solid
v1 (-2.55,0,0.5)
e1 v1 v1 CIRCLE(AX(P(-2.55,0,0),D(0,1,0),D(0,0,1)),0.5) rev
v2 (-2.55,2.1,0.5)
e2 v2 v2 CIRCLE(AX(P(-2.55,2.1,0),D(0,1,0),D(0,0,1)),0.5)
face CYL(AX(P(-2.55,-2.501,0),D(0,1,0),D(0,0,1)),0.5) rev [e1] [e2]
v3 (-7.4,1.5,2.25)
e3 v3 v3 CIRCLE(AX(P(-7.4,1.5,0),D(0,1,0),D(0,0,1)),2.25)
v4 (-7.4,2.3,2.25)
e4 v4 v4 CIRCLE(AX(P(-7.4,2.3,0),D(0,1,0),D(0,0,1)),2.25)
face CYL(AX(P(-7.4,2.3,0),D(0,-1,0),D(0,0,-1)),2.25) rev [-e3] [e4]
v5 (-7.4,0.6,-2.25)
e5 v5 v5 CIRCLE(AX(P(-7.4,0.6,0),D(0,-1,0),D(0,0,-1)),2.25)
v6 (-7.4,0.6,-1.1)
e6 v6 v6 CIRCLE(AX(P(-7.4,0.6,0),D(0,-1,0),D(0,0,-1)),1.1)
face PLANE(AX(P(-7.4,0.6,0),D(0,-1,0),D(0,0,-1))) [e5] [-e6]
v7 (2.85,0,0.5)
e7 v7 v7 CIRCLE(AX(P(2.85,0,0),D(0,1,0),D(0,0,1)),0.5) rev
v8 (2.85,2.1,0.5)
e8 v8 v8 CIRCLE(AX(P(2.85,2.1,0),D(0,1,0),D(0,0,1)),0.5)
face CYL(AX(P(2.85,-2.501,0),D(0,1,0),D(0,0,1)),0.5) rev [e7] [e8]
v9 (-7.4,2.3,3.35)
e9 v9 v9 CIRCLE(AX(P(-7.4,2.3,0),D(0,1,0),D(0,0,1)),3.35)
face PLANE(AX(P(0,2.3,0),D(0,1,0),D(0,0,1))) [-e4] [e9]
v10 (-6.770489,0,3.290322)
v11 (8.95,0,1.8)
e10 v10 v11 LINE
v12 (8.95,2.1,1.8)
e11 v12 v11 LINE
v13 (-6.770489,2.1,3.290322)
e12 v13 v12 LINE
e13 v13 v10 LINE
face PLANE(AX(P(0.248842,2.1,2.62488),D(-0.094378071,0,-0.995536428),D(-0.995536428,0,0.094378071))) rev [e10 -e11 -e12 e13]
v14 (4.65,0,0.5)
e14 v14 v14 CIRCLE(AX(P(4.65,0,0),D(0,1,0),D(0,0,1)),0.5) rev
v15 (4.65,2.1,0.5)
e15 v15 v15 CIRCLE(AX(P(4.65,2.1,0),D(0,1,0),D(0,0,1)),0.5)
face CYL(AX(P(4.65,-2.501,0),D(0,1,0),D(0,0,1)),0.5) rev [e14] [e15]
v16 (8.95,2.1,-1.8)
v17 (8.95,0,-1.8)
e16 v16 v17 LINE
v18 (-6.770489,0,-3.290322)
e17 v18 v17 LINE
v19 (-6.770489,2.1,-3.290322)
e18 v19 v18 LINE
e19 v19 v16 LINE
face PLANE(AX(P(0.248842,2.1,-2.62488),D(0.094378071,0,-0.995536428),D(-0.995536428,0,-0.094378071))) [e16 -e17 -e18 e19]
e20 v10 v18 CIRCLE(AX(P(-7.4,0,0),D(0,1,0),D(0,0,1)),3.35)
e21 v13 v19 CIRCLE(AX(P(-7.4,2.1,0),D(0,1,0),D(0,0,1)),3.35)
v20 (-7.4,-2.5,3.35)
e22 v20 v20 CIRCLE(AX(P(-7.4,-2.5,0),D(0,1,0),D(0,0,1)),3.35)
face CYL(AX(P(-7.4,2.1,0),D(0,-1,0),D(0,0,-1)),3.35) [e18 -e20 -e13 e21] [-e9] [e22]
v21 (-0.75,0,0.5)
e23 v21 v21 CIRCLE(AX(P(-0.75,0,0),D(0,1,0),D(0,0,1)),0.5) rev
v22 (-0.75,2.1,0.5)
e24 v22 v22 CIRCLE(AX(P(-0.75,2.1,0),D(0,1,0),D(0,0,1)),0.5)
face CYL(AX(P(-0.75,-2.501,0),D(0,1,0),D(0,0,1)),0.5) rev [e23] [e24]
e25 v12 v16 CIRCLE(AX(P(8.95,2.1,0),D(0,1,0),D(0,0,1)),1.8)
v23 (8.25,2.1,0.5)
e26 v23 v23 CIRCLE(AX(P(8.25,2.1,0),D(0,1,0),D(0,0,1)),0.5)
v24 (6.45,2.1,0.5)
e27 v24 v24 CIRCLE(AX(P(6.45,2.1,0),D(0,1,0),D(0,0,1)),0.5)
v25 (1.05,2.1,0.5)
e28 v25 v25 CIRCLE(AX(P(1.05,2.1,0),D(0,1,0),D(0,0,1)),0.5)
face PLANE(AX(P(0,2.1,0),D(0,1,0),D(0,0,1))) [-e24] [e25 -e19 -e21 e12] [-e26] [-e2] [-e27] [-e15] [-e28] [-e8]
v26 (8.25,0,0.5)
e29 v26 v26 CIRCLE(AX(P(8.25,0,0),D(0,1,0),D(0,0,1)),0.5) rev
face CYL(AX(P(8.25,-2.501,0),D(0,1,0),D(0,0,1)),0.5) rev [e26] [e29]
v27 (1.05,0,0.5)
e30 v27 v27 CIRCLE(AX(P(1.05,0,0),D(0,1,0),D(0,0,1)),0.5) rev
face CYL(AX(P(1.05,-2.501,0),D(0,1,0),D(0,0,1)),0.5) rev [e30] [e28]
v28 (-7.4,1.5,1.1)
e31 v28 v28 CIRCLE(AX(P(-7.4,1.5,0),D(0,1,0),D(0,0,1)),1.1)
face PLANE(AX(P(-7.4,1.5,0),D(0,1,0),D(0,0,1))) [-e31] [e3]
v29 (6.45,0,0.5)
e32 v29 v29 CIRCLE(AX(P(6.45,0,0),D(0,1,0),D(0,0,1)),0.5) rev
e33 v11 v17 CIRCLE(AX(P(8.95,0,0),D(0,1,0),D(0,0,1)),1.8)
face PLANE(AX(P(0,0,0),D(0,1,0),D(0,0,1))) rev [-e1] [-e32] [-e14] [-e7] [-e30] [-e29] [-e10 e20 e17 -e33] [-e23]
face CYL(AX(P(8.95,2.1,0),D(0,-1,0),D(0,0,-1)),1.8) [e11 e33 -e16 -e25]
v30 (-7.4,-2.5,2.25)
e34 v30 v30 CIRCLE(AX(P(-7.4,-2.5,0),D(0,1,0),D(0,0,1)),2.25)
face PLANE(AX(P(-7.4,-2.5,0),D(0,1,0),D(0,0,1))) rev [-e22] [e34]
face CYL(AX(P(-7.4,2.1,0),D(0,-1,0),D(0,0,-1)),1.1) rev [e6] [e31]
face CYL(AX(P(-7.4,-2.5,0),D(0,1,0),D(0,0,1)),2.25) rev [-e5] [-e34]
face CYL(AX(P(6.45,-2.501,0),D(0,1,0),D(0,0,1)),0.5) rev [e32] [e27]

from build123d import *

# Parameters (mm, degrees)
BOSS_EXTRU_1_DEPTH      = 2.1
ESQUISSE2_R             = 2.2499999999999973
BOSS_EXTRU_2_DEPTH      = 0.2
ENL_V_START             = -0.8
ESQUISSE4_R             = 2.2499999999999973
ENL_V_MAT_EXTRU_1_DEPTH = 0.8
BOSS_EXTRU_3_START      = 2.5
ESQUISSE5_R             = 3.349999999999999
ESQUISSE5_R_2           = 2.2499999999999973
BOSS_EXTRU_3_DEPTH      = 4.8
ESQUISSE6_R             = 2.2499999999999973
ESQUISSE6_R_2           = 1.1
ENL_V_MAT_EXTRU_2_DEPTH = 3.1
ENL_V_MAT_EXTRU_3_REACH = 14.163
ESQUISSE7_R             = 0.4999999999999999
ESQUISSE7_R_2           = 0.5000000000000001
ESQUISSE7_R_3           = 0.5000000000000003
ESQUISSE7_R_4           = 0.49999999999999895


with BuildPart() as part:
    # Esquisse1 → Boss.-Extru.1 (new body)
    with BuildSketch(Plane(origin=(0, 0, 0), x_dir=(1, 0, 0), z_dir=(0, 1, 0))):
        with BuildLine():
            Line((-6.770489387338948, 3.2903216238761672), (-7.3999999999999995, 3.349999999999998))
            ThreePointArc((-7.3999999999999995, 3.349999999999998), (-9.76880771697493, 2.368807716974932), (-10.749999999999995, 1.67e-15))
            Line((-10.75, 1.97e-15), (-8.499999999999998, 1.97e-15))
            ThreePointArc((-8.499999999999998, 2.11e-15), (-7.399999999999999, 1.100000000000002), (-6.299999999999999, 1.97e-15))
            Line((-6.299999999999999, 1.97e-15), (10.75, 1.97e-15))
            ThreePointArc((10.75, 2.03e-15), (10.222792206135784, 1.2727922061357861), (8.95, 1.8000000000000005))
            Line((8.95, 1.8000000000000007), (-6.770489387338948, 3.2903216238761672))
        make_face()
        with BuildLine():
            Line((-8.499999999999998, 1.97e-15), (-10.75, 1.97e-15))
            ThreePointArc((-10.749999999999995, 1.67e-15), (-9.76880771697493, -2.3688077169749304), (-7.3999999999999995, -3.349999999999998))
            Line((-7.3999999999999995, -3.349999999999998), (-6.770489387338948, -3.2903216238761672))
            Line((-6.770489387338948, -3.2903216238761672), (8.95, -1.799999999999998))
            ThreePointArc((8.949999999999998, -1.7999999999999992), (10.222792206135784, -1.272792206135785), (10.75, 2.03e-15))
            Line((10.75, 1.97e-15), (-6.299999999999999, 1.97e-15))
            ThreePointArc((-6.299999999999999, 1.71e-15), (-7.399999999999999, -1.099999999999998), (-8.499999999999998, 2.11e-15))
        make_face()
    extrude(amount=BOSS_EXTRU_1_DEPTH)

    # Esquisse2 → Boss.-Extru.2 (add)
    # profile 1 of 3: a face of its own
    with BuildSketch(Plane(origin=(0, 2.1, 0), x_dir=(1, 0, 0), z_dir=(0, 1, 0))):
        with BuildLine():
            Line((-6.770489387338715, 3.290321623876145), (-7.399999999999999, 3.3499999999999974))
            ThreePointArc((-7.3999999999999995, 3.3499999999999974), (-10.749999999999995, 1.8e-16), (-7.4, -3.3499999999999983))
            Line((-7.3999999999999995, -3.349999999999998), (-6.770489387338895, -3.2903216238761623))
            ThreePointArc((-6.770489387338895, -3.290321623876155), (-4.8182021232855305, -2.1346708701325934), (-4.050000000000001, 1.15e-15))
            ThreePointArc((-4.050000000000001, 1.97e-15), (-4.818202123285472, 2.1346708701325254), (-6.770489387338716, 3.290321623876124))
        make_face()
        with Locations(Location((-7.399999999999999, 1.97e-15, 0), (0, 0, 270))):
            Circle(ESQUISSE2_R, mode=Mode.SUBTRACT)
    # profile 2 of 3: a face of its own
    with BuildSketch(Plane(origin=(0, 2.1, 0), x_dir=(1, 0, 0), z_dir=(0, 1, 0))):
        with BuildLine():
            ThreePointArc((-6.770489387338715, 3.290321623876124), (-7.083833461594222, 3.3350470341499694), (-7.3999999999999995, 3.3499999999999996))
            Line((-7.399999999999999, 3.3499999999999974), (-6.770489387338715, 3.290321623876145))
        make_face()
    # profile 3 of 3: a face of its own
    with BuildSketch(Plane(origin=(0, 2.1, 0), x_dir=(1, 0, 0), z_dir=(0, 1, 0))):
        with BuildLine():
            Line((-6.770489387338895, -3.2903216238761623), (-7.3999999999999995, -3.349999999999998))
            ThreePointArc((-7.3999999999999995, -3.349999999999996), (-7.0838334615943115, -3.3350470341499743), (-6.770489387338895, -3.290321623876155))
        make_face()
    extrude(amount=BOSS_EXTRU_2_DEPTH)

    # Esquisse4 → Enlèv. mat.-Extru.1 (cut)
    with BuildSketch(Plane(origin=(0, 2.3000000000000003, 0), x_dir=(1, 0, 0), z_dir=(0, 1, 0)).offset(ENL_V_START)):
        with Locations(Location((-7.399999999999999, 1.97e-15, 0), (0, 0, 270))):
            Circle(ESQUISSE4_R)
    extrude(amount=ENL_V_MAT_EXTRU_1_DEPTH, mode=Mode.SUBTRACT)

    # Esquisse5 → Boss.-Extru.3 (add)
    with BuildSketch(Plane.XZ.offset(BOSS_EXTRU_3_START)):
        with Locations(Location((-7.399999999999999, -1.97e-15, 0), (0, 0, 90))):
            Circle(ESQUISSE5_R)
        with Locations(Location((-7.399999999999999, -1.97e-15, 0), (0, 0, 90))):
            Circle(ESQUISSE5_R_2, mode=Mode.SUBTRACT)
    extrude(amount=-BOSS_EXTRU_3_DEPTH)

    # Esquisse6 → Enlèv. mat.-Extru.2 (cut)
    with BuildSketch(Plane.XZ.offset(2.499999999999999)):
        with Locations(Location((-7.399999999999999, -1.97e-15, 0), (0, 0, 90))):
            Circle(ESQUISSE6_R)
        with Locations(Location((-7.399999999999999, -1.97e-15, 0), (0, 0, 270))):
            Circle(ESQUISSE6_R_2, mode=Mode.SUBTRACT)
    extrude(amount=-ENL_V_MAT_EXTRU_2_DEPTH, mode=Mode.SUBTRACT)

    # Esquisse7 → Enlèv. mat.-Extru.3 (cut, up to next)
    with BuildSketch(Plane(origin=(0, 2.1, 0), x_dir=(1, 0, 0), z_dir=(0, 1, 0)), mode=Mode.PRIVATE) as enl_v_mat_extru_3_sk1:
        with Locations(Location((-2.55, -3e-17, 0), (0, 0, 270))):
            Circle(ESQUISSE7_R)
    enl_v_mat_extru_3_tool1 = extrude(enl_v_mat_extru_3_sk1.sketch, amount=-ENL_V_MAT_EXTRU_3_REACH, mode=Mode.PRIVATE) & part.part
    # Esquisse7 → Enlèv. mat.-Extru.3 (cut, up to next)
    with BuildSketch(Plane(origin=(0, 2.1, 0), x_dir=(1, 0, 0), z_dir=(0, 1, 0)), mode=Mode.PRIVATE) as enl_v_mat_extru_3_sk2:
        with Locations(Location((-0.7500000000000002, -1e-17, 0), (0, 0, 270))):
            Circle(ESQUISSE7_R_2)
    enl_v_mat_extru_3_tool2 = extrude(enl_v_mat_extru_3_sk2.sketch, amount=-ENL_V_MAT_EXTRU_3_REACH, mode=Mode.PRIVATE) & part.part
    # Esquisse7 → Enlèv. mat.-Extru.3 (cut, up to next)
    with BuildSketch(Plane(origin=(0, 2.1, 0), x_dir=(1, 0, 0), z_dir=(0, 1, 0)), mode=Mode.PRIVATE) as enl_v_mat_extru_3_sk3:
        with Locations(Location((1.0499999999999994, 1e-17, 0), (0, 0, 270))):
            Circle(ESQUISSE7_R_3)
    enl_v_mat_extru_3_tool3 = extrude(enl_v_mat_extru_3_sk3.sketch, amount=-ENL_V_MAT_EXTRU_3_REACH, mode=Mode.PRIVATE) & part.part
    # Esquisse7 → Enlèv. mat.-Extru.3 (cut, up to next)
    with BuildSketch(Plane(origin=(0, 2.1, 0), x_dir=(1, 0, 0), z_dir=(0, 1, 0)), mode=Mode.PRIVATE) as enl_v_mat_extru_3_sk4:
        with Locations(Location((2.8499999999999988, 2e-17, 0), (0, 0, 270))):
            Circle(ESQUISSE7_R_3)
    enl_v_mat_extru_3_tool4 = extrude(enl_v_mat_extru_3_sk4.sketch, amount=-ENL_V_MAT_EXTRU_3_REACH, mode=Mode.PRIVATE) & part.part
    # Esquisse7 → Enlèv. mat.-Extru.3 (cut, up to next)
    with BuildSketch(Plane(origin=(0, 2.1, 0), x_dir=(1, 0, 0), z_dir=(0, 1, 0)), mode=Mode.PRIVATE) as enl_v_mat_extru_3_sk5:
        with Locations(Location((4.649999999999998, 4e-17, 0), (0, 0, 270))):
            Circle(ESQUISSE7_R)
    enl_v_mat_extru_3_tool5 = extrude(enl_v_mat_extru_3_sk5.sketch, amount=-ENL_V_MAT_EXTRU_3_REACH, mode=Mode.PRIVATE) & part.part
    # Esquisse7 → Enlèv. mat.-Extru.3 (cut, up to next)
    with BuildSketch(Plane(origin=(0, 2.1, 0), x_dir=(1, 0, 0), z_dir=(0, 1, 0)), mode=Mode.PRIVATE) as enl_v_mat_extru_3_sk6:
        with Locations(Location((6.4499999999999975, 6e-17, 0), (0, 0, 270))):
            Circle(ESQUISSE7_R_4)
    enl_v_mat_extru_3_tool6 = extrude(enl_v_mat_extru_3_sk6.sketch, amount=-ENL_V_MAT_EXTRU_3_REACH, mode=Mode.PRIVATE) & part.part
    # Esquisse7 → Enlèv. mat.-Extru.3 (cut, up to next)
    with BuildSketch(Plane(origin=(0, 2.1, 0), x_dir=(1, 0, 0), z_dir=(0, 1, 0)), mode=Mode.PRIVATE) as enl_v_mat_extru_3_sk7:
        with Locations(Location((8.249999999999996, 8e-17, 0), (0, 0, 270))):
            Circle(ESQUISSE7_R_4)
    enl_v_mat_extru_3_tool7 = extrude(enl_v_mat_extru_3_sk7.sketch, amount=-ENL_V_MAT_EXTRU_3_REACH, mode=Mode.PRIVATE) & part.part
    add(enl_v_mat_extru_3_tool1.solids().sort_by_distance((-2.55, 2.1, 0))[0], mode=Mode.SUBTRACT)
    add(enl_v_mat_extru_3_tool2.solids().sort_by_distance((-0.75, 2.1, 0))[0], mode=Mode.SUBTRACT)
    add(enl_v_mat_extru_3_tool3.solids().sort_by_distance((1.05, 2.1, 0))[0], mode=Mode.SUBTRACT)
    add(enl_v_mat_extru_3_tool4.solids().sort_by_distance((2.85, 2.1, 0))[0], mode=Mode.SUBTRACT)
    add(enl_v_mat_extru_3_tool5.solids().sort_by_distance((4.65, 2.1, 0))[0], mode=Mode.SUBTRACT)
    add(enl_v_mat_extru_3_tool6.solids().sort_by_distance((6.45, 2.1, 0))[0], mode=Mode.SUBTRACT)
    add(enl_v_mat_extru_3_tool7.solids().sort_by_distance((8.25, 2.1, 0))[0], mode=Mode.SUBTRACT)


solid = part.part
